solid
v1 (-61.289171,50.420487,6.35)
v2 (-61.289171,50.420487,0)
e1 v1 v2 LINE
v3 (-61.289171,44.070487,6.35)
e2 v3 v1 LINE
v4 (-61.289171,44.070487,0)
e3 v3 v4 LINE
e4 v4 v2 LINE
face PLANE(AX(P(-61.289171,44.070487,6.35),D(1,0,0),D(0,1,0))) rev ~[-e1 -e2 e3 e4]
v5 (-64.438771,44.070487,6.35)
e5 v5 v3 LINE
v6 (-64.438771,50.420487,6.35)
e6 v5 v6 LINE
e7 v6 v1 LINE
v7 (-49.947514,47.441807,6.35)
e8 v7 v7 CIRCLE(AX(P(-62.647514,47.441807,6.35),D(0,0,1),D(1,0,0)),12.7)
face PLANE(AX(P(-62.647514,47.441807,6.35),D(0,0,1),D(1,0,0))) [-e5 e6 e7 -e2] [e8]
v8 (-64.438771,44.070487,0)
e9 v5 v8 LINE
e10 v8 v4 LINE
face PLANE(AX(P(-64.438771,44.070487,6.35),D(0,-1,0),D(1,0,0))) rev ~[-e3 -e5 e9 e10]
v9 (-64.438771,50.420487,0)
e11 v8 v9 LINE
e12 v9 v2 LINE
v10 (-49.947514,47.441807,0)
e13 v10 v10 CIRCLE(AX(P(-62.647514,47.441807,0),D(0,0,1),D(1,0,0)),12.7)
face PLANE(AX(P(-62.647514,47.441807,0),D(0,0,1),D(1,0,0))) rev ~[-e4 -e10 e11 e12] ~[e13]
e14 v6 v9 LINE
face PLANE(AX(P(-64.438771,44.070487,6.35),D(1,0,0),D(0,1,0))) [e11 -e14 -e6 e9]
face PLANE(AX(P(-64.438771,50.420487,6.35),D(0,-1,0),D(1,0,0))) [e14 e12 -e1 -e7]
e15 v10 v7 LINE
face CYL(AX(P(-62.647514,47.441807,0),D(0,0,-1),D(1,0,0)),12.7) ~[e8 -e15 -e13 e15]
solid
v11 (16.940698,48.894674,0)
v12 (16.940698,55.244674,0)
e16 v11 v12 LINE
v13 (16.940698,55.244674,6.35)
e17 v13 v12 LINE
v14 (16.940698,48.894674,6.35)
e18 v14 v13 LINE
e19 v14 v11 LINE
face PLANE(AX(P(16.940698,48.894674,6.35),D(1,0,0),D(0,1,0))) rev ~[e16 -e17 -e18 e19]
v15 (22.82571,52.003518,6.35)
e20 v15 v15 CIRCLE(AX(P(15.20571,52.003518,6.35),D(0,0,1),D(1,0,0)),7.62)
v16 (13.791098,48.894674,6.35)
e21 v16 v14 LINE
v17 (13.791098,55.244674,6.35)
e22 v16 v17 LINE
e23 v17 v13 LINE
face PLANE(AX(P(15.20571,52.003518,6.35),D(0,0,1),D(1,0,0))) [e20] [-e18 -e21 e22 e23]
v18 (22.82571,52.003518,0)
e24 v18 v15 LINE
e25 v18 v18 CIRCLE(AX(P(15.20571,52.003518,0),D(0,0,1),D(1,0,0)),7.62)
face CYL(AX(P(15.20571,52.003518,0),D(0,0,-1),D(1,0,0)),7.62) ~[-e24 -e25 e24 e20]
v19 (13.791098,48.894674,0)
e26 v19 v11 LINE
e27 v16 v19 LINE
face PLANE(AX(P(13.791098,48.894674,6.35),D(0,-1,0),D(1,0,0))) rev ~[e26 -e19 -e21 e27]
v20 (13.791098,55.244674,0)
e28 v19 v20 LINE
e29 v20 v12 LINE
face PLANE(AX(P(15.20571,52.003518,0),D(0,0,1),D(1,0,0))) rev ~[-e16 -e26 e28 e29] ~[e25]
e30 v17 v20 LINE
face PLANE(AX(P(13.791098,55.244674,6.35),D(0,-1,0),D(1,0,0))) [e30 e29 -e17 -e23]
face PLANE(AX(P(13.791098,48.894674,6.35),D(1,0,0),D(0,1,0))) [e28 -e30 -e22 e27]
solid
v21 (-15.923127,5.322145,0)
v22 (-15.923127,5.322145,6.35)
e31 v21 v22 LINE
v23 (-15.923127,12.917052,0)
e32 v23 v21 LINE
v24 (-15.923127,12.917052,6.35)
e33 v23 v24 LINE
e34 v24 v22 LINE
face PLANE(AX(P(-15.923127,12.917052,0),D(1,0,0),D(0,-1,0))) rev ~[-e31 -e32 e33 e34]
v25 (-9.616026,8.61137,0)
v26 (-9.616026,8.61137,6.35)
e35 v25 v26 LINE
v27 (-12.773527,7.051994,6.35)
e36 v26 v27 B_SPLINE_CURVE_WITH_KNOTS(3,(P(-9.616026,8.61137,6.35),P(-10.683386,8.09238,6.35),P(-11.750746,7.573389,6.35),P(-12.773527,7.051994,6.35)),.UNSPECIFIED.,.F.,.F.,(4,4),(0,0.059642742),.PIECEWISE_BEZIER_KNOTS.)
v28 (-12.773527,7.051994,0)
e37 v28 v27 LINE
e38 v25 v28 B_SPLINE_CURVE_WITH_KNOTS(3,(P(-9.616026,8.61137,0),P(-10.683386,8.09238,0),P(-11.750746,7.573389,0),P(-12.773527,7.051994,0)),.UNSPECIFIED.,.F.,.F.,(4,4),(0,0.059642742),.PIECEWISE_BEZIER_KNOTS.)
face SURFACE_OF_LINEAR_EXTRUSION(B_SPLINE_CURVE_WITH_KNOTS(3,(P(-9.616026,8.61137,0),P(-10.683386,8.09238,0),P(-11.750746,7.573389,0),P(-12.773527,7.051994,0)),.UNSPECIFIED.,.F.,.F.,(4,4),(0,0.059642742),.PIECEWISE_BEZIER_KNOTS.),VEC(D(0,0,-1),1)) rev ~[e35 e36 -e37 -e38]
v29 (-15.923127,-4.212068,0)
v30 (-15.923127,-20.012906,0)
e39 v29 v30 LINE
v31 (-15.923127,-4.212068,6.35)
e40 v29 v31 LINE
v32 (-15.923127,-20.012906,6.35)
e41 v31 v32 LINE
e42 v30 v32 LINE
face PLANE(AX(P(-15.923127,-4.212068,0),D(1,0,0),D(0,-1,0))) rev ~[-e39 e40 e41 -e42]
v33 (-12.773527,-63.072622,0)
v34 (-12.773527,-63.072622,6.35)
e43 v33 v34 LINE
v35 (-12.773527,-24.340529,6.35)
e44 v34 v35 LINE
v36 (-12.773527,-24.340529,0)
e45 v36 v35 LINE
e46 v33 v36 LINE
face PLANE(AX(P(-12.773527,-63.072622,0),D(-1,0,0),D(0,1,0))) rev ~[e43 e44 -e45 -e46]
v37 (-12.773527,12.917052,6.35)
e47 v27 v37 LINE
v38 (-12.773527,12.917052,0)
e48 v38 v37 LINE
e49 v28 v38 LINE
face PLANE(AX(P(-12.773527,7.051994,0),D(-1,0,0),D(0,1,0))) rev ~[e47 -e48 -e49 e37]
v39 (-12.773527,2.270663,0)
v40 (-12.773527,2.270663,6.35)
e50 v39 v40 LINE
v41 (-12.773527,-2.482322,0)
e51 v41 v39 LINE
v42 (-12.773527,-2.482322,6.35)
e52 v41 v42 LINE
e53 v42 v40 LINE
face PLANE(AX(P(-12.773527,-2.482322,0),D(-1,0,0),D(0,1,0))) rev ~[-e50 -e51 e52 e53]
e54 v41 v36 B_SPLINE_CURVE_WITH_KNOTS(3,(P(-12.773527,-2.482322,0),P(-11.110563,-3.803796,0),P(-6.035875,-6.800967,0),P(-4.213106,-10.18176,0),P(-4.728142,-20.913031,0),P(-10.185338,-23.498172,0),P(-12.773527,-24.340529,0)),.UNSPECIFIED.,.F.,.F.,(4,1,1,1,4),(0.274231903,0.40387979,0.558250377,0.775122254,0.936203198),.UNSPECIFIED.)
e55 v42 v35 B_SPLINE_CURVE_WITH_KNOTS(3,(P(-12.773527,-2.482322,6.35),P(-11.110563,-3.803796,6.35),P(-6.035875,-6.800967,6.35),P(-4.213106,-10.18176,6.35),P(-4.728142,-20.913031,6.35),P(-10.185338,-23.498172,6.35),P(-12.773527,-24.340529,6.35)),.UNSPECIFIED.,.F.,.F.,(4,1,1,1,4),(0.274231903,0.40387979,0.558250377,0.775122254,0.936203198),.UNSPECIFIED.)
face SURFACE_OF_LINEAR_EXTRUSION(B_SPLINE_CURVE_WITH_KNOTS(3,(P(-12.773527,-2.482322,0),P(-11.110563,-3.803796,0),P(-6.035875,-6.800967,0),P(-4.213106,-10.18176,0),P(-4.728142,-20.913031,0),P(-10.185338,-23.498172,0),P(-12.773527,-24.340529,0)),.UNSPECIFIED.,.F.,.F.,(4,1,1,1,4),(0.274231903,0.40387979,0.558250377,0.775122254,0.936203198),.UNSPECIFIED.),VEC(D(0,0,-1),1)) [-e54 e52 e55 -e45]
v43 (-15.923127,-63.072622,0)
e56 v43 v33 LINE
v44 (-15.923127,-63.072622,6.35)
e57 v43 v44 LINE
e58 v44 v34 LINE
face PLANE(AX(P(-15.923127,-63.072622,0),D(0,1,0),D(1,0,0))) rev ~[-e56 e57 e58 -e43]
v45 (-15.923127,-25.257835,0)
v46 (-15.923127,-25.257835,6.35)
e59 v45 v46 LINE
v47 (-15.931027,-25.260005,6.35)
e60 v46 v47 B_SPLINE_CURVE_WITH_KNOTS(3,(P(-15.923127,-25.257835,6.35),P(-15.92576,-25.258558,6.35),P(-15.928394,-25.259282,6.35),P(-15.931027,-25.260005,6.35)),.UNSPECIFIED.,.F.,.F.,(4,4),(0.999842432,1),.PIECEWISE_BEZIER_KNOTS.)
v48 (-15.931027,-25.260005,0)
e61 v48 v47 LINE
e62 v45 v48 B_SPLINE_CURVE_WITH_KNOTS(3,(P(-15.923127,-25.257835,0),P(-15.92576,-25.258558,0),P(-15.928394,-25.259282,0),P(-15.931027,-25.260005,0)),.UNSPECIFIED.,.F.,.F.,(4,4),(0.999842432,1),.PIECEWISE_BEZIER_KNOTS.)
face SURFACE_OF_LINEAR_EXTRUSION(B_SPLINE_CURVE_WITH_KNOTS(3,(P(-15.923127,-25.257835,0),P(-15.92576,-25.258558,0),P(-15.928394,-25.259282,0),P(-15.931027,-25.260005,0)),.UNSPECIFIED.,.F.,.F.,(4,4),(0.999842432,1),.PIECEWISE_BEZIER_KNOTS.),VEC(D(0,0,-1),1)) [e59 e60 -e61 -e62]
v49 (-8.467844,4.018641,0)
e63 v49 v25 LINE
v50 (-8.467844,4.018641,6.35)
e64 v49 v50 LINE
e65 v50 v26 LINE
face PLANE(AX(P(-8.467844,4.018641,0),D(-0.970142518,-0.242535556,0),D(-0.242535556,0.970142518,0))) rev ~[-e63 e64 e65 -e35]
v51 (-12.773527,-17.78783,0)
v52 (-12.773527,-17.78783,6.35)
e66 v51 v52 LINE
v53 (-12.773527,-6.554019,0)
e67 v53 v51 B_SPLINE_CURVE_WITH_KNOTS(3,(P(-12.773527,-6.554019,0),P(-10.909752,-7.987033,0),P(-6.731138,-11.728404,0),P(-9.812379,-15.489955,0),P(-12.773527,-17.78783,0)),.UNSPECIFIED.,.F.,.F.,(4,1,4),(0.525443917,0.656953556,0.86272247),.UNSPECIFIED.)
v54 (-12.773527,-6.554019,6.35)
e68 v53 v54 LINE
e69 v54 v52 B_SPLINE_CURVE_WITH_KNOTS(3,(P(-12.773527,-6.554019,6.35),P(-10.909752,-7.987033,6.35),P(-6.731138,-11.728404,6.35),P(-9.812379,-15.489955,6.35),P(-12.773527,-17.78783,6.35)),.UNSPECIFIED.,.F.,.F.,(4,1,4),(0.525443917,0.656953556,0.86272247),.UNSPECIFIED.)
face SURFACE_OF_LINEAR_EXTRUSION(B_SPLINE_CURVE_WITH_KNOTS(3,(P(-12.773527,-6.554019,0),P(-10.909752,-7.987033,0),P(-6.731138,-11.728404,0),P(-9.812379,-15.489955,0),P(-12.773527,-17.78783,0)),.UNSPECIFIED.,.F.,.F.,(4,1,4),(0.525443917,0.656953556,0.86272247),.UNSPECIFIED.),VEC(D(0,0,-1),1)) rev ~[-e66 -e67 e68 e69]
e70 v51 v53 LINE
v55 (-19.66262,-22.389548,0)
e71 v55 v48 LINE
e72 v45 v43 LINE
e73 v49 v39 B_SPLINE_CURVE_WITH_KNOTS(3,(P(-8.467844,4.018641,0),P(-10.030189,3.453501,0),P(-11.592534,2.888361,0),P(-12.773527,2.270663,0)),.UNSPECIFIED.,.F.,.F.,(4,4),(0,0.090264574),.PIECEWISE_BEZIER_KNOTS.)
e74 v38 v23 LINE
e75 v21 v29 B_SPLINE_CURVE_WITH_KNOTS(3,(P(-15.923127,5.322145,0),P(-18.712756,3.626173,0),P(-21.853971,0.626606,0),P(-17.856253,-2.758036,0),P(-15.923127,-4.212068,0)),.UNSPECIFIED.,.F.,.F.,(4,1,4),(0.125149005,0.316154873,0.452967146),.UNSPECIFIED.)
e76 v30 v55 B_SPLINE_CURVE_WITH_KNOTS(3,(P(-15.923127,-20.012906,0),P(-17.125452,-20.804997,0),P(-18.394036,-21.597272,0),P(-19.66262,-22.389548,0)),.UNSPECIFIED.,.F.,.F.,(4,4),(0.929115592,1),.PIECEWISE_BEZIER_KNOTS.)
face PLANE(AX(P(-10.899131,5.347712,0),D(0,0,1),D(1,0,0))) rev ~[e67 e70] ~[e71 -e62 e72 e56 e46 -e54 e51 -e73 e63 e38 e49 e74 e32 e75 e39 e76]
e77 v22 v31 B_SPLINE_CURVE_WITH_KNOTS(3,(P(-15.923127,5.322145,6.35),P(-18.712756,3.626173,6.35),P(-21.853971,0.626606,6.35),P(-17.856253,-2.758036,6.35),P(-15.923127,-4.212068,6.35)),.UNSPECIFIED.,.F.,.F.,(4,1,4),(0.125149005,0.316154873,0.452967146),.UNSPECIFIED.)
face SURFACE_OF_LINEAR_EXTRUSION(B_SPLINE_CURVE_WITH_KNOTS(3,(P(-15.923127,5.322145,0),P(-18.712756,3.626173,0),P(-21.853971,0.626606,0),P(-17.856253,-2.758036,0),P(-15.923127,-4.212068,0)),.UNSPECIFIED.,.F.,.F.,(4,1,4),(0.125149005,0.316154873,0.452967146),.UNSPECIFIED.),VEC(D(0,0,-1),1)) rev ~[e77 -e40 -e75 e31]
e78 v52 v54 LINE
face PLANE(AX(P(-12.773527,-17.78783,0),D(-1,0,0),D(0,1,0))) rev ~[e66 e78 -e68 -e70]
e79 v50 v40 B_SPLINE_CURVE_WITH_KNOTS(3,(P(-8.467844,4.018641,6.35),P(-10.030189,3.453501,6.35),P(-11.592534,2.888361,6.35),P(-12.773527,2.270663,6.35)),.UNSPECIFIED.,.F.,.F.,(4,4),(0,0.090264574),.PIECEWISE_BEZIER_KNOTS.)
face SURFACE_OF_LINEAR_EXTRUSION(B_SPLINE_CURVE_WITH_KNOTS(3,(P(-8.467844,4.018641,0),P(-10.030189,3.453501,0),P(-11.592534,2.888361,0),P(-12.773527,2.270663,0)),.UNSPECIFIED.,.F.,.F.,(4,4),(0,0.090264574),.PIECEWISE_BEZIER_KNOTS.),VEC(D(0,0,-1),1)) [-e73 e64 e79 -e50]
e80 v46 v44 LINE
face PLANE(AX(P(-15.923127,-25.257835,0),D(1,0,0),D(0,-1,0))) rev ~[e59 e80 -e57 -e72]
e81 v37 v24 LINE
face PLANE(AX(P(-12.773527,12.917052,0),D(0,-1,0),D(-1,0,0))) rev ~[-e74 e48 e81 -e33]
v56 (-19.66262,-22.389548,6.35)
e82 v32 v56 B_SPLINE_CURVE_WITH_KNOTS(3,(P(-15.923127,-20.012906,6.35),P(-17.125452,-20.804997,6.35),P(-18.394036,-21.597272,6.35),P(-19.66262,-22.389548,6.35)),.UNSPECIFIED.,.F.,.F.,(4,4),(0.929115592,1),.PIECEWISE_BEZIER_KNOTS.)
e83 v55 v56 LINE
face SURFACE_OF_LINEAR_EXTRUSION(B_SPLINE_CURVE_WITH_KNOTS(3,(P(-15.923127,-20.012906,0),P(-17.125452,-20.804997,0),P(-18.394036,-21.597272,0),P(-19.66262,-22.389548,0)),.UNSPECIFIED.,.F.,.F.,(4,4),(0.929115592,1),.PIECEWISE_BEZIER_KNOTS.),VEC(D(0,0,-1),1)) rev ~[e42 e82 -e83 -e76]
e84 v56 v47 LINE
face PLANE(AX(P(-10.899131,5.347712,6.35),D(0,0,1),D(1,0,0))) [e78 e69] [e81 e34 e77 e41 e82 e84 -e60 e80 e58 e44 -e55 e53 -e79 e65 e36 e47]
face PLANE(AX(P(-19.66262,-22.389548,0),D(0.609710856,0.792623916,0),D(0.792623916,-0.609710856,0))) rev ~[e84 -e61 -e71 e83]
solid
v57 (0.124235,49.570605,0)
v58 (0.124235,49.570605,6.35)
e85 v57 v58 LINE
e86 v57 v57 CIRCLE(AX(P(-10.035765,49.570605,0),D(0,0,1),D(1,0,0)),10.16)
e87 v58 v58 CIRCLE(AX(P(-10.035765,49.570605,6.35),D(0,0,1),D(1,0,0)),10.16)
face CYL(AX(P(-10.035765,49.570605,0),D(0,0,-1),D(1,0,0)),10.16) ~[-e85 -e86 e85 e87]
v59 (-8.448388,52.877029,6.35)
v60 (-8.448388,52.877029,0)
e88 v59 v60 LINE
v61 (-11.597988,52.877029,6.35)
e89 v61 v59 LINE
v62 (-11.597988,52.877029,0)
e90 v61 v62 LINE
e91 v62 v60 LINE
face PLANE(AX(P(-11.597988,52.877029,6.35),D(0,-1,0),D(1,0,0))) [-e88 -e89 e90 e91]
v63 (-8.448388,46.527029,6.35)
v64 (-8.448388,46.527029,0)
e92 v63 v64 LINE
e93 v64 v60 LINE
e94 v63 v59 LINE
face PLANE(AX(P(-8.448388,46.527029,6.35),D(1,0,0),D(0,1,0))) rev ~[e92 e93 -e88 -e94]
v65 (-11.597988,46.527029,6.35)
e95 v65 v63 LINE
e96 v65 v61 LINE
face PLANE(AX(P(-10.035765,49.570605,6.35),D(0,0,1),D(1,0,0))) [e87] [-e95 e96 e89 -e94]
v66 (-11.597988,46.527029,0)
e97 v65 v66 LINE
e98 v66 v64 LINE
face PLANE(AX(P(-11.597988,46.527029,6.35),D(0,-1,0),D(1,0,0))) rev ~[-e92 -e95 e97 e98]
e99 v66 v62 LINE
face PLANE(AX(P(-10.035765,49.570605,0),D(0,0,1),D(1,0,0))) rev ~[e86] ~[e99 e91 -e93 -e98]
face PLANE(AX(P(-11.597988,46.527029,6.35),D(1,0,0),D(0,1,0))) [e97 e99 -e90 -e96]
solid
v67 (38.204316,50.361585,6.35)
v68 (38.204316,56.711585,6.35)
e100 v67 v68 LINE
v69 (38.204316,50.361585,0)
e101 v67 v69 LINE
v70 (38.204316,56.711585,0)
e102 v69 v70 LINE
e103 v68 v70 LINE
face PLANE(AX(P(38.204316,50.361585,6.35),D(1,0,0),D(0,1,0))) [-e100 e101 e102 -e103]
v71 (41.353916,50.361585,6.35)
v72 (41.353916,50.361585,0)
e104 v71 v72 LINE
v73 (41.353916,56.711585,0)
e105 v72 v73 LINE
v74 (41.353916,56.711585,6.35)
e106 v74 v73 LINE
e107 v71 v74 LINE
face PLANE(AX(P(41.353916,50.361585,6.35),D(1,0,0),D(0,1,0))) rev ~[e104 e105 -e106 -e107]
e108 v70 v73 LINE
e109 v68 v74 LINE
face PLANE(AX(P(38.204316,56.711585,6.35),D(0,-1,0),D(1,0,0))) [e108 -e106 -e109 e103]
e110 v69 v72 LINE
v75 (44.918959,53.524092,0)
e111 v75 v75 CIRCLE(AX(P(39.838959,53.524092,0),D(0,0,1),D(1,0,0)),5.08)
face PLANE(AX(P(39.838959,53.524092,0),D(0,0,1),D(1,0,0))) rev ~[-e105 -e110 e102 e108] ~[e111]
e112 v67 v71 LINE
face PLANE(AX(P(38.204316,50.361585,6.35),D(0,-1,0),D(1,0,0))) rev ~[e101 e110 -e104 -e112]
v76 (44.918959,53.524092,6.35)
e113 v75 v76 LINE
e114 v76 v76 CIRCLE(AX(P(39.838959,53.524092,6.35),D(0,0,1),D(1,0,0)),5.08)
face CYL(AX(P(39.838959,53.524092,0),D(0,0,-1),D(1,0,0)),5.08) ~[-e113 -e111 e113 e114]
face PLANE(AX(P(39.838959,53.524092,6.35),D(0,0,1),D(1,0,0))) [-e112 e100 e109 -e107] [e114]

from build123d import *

# Parameters (mm, degrees)
F0_R     = 12.7
F1_DEPTH = 6.35
F0_R_2   = 10.16
F0_R_3   = 7.62
F0_R_4   = 5.08
F3_DEPTH = 6.35
F6_W     = 3.1496
F6_H     = 6.35
F5_W     = 3.1496
F5_H     = 6.35
F4_W     = 3.1496
F4_H     = 6.35
F8_DEPTH = 25.4
F7_W     = 3.1496
F7_H     = 6.35
F9_DEPTH = 6.35


with BuildPart() as f1:
    # F0 (on Top) → F1 (new body)
    with BuildSketch(Plane.XY):
        with Locations((-62.6475140452, 47.4418066442)):
            Circle(F0_R)
    extrude(amount=F1_DEPTH)

    # F7 (on face) → F9 (cut)
    with BuildSketch(Plane.XY.offset(6.35)):
        with Locations((-62.8639711767, 47.2454865665)):
            Rectangle(F7_W, F7_H)
    extrude(amount=-F9_DEPTH, mode=Mode.SUBTRACT)


with BuildPart() as f1b:
    # F0 (on Top) → F1, piece 2 (new body)
    with BuildSketch(Plane.XY):
        with Locations((-10.0357653573, 49.5706051588)):
            Circle(F0_R_2)
    extrude(amount=F1_DEPTH)


with BuildPart() as f1c:
    # F0 (on Top) → F1, piece 3 (new body)
    with BuildSketch(Plane.XY):
        with Locations((15.205710195, 52.0035177469)):
            Circle(F0_R_3)
    extrude(amount=F1_DEPTH)


with BuildPart() as f1d:
    # F0 (on Top) → F1, piece 4 (new body)
    with BuildSketch(Plane.XY):
        with Locations((39.8389585316, 53.5240918398)):
            Circle(F0_R_4)
    extrude(amount=F1_DEPTH)


with BuildPart() as f3:
    # F2 (on Top) → F3 (new body)
    with BuildSketch(Plane.XY):
        with BuildLine():
            Line((-8.4678437561, 4.0186406113), (-9.6160257235, 8.6113698781))
            add(Edge.make_bspline(
                [(-9.6160257235, 8.6113698781), (-10.6833861015, 8.0923795797), (-11.7507464795, 7.5733892813), (-12.7735268325, 7.0519943274)],
                knots=[0, 0, 0, 0, 0.0596427417, 0.0596427417, 0.0596427417, 0.0596427417], degree=3))
            Line((-12.7735268325, 7.0519943274), (-12.7735268325, 2.2706629447))
            add(Edge.make_bspline(
                [(-8.4678437561, 4.0186406113), (-10.0301890443, 3.4535009748), (-11.5925343326, 2.8883613382), (-12.7735268325, 2.2706629447)],
                knots=[0, 0, 0, 0, 0.0902645739, 0.0902645739, 0.0902645739, 0.0902645739], degree=3))
        make_face()
        with BuildLine():
            Line((-12.7735268325, 2.2706629447), (-12.7735268325, 7.0519943274))
            add(Edge.make_bspline(
                [(-12.7735268325, 7.0519943274), (-13.8968574684, 6.4793406551), (-14.9664118237, 5.9037862795), (-15.9231268325, 5.322145327)],
                knots=[0.0596427417, 0.0596427417, 0.0596427417, 0.0596427417, 0.1251490049, 0.1251490049, 0.1251490049, 0.1251490049], degree=3))
            Line((-15.9231268325, 5.322145327), (-15.9231268325, -4.2120677647))
            add(Edge.make_bspline(
                [(-15.9231268325, -4.2120677647), (-14.8990467489, -4.9823459072), (-13.8006787573, -5.7642644238), (-12.7735268325, -6.5540185516)],
                knots=[0.4529671461, 0.4529671461, 0.4529671461, 0.4529671461, 0.5254439167, 0.5254439167, 0.5254439167, 0.5254439167], degree=3))
            Line((-12.7735268325, -6.5540185516), (-12.7735268325, -2.4823222257))
            add(Edge.make_bspline(
                [(-12.7735268325, 2.2706629447), (-14.0585239476, 1.5985666749), (-15.6198144692, 0.2230887267), (-13.8734685755, -1.6082538799), (-12.7735268325, -2.4823222257)],
                knots=[0.0902645739, 0.0902645739, 0.0902645739, 0.0902645739, 0.1884783365, 0.2742319031, 0.2742319031, 0.2742319031, 0.2742319031], degree=3))
        make_face()
        with BuildLine():
            add(Edge.make_bspline(
                [(-12.7735268325, 7.0519943274), (-13.8968574684, 6.4793406551), (-14.9664118237, 5.9037862795), (-15.9231268325, 5.322145327)],
                knots=[0.0596427417, 0.0596427417, 0.0596427417, 0.0596427417, 0.1251490049, 0.1251490049, 0.1251490049, 0.1251490049], degree=3))
            Line((-12.7735268325, 7.0519943274), (-12.7735268325, 12.9170520231))
            Line((-12.7735268325, 12.9170520231), (-15.9231268325, 12.9170520231))
            Line((-15.9231268325, 12.9170520231), (-15.9231268325, 5.322145327))
        make_face()
        with BuildLine():
            Line((-15.9231268325, -4.2120677647), (-15.9231268325, 5.322145327))
            add(Edge.make_bspline(
                [(-15.9231268325, 5.322145327), (-18.7127559793, 3.6261726085), (-21.8539712965, 0.626605904), (-17.8562527538, -2.7580363192), (-15.9231268325, -4.2120677647)],
                knots=[0.1251490049, 0.1251490049, 0.1251490049, 0.1251490049, 0.3161548732, 0.4529671461, 0.4529671461, 0.4529671461, 0.4529671461], degree=3))
        make_face()
        with BuildLine():
            Line((-12.7735268325, -2.4823222257), (-12.7735268325, 2.2706629447))
            add(Edge.make_bspline(
                [(-12.7735268325, 2.2706629447), (-14.0585239476, 1.5985666749), (-15.6198144692, 0.2230887267), (-13.8734685755, -1.6082538799), (-12.7735268325, -2.4823222257)],
                knots=[0.0902645739, 0.0902645739, 0.0902645739, 0.0902645739, 0.1884783365, 0.2742319031, 0.2742319031, 0.2742319031, 0.2742319031], degree=3))
        make_face()
        with BuildLine():
            add(Edge.make_bspline(
                [(-15.9231268325, -4.2120677647), (-14.8990467489, -4.9823459072), (-13.8006787573, -5.7642644238), (-12.7735268325, -6.5540185516)],
                knots=[0.4529671461, 0.4529671461, 0.4529671461, 0.4529671461, 0.5254439167, 0.5254439167, 0.5254439167, 0.5254439167], degree=3))
            Line((-15.9231268325, -4.2120677647), (-15.9231268325, -20.0129056802))
            add(Edge.make_bspline(
                [(-12.7735268325, -17.7878302714), (-13.7289668672, -18.5292595993), (-14.7969822386, -19.2710018497), (-15.9231268325, -20.0129056802)],
                knots=[0.8627224699, 0.8627224699, 0.8627224699, 0.8627224699, 0.9291155922, 0.9291155922, 0.9291155922, 0.9291155922], degree=3))
            Line((-12.7735268325, -17.7878302714), (-12.7735268325, -6.5540185516))
        make_face()
        with BuildLine():
            add(Edge.make_bspline(
                [(-12.7735268325, -2.4823222257), (-11.1105625055, -3.8037962834), (-6.0358747691, -6.8009672669), (-4.2131061277, -10.181759533), (-4.7281423763, -20.9130313984), (-10.1853378038, -23.4981717336), (-12.7735268325, -24.3405292915)],
                knots=[0.2742319031, 0.2742319031, 0.2742319031, 0.2742319031, 0.4038797896, 0.5582503774, 0.7751222544, 0.9362031982, 0.9362031982, 0.9362031982, 0.9362031982], degree=3))
            Line((-12.7735268325, -2.4823222257), (-12.7735268325, -6.5540185516))
            add(Edge.make_bspline(
                [(-12.7735268325, -6.5540185516), (-10.9097520325, -7.9870332847), (-6.7311376186, -11.7284041807), (-9.8123788727, -15.4899550915), (-12.7735268325, -17.7878302714)],
                knots=[0.5254439167, 0.5254439167, 0.5254439167, 0.5254439167, 0.6569535555, 0.8627224699, 0.8627224699, 0.8627224699, 0.8627224699], degree=3))
            Line((-12.7735268325, -17.7878302714), (-12.7735268325, -24.3405292915))
        make_face()
        with BuildLine():
            Line((-15.9231268325, -25.2578346846), (-15.9231268325, -20.0129056802))
            add(Edge.make_bspline(
                [(-15.9231268325, -20.0129056802), (-17.1254515585, -20.8049969664), (-18.3940360291, -21.5972724329), (-19.6626204997, -22.3895478994)],
                knots=[0.9291155922, 0.9291155922, 0.9291155922, 0.9291155922, 1, 1, 1, 1], degree=3))
            Line((-19.6626204997, -22.3895478994), (-15.9310270101, -25.2600051463))
            add(Edge.make_bspline(
                [(-15.9231268325, -25.2578346846), (-15.9257602246, -25.2585581722), (-15.9283936173, -25.2592816593), (-15.9310270101, -25.2600051463)],
                knots=[0.9998424319, 0.9998424319, 0.9998424319, 0.9998424319, 1, 1, 1, 1], degree=3))
        make_face()
        with BuildLine():
            add(Edge.make_bspline(
                [(-12.7735268325, -17.7878302714), (-13.7289668672, -18.5292595993), (-14.7969822386, -19.2710018497), (-15.9231268325, -20.0129056802)],
                knots=[0.8627224699, 0.8627224699, 0.8627224699, 0.8627224699, 0.9291155922, 0.9291155922, 0.9291155922, 0.9291155922], degree=3))
            Line((-15.9231268325, -20.0129056802), (-15.9231268325, -25.2578346846))
            add(Edge.make_bspline(
                [(-12.7735268325, -24.3405292915), (-13.7960585026, -24.6733246441), (-14.8595420951, -24.9656296668), (-15.9231268325, -25.2578346846)],
                knots=[0.9362031982, 0.9362031982, 0.9362031982, 0.9362031982, 0.9998424319, 0.9998424319, 0.9998424319, 0.9998424319], degree=3))
            Line((-12.7735268325, -24.3405292915), (-12.7735268325, -17.7878302714))
        make_face()
        with BuildLine():
            Line((-12.7735268325, -37.6726218224), (-12.7735268325, -24.3405292915))
            add(Edge.make_bspline(
                [(-12.7735268325, -24.3405292915), (-13.7960585026, -24.6733246441), (-14.8595420951, -24.9656296668), (-15.9231268325, -25.2578346846)],
                knots=[0.9362031982, 0.9362031982, 0.9362031982, 0.9362031982, 0.9998424319, 0.9998424319, 0.9998424319, 0.9998424319], degree=3))
            Line((-15.9231268325, -25.2578346846), (-15.9231268325, -63.0726218224))
            Line((-15.9231268325, -63.0726218224), (-12.7735268325, -63.0726218224))
            Line((-12.7735268325, -63.0726218224), (-12.7735268325, -37.6726218224))
        make_face()
    extrude(amount=F3_DEPTH)


with BuildPart() as f8_tool:
    # F6 (on face) + F5 (on face) + F4 (on face) → F8 (new body)
    with BuildSketch(Plane.XY.offset(6.35)):
        with Locations((-10.0231879159, 49.702028671)):
            Rectangle(F6_W, F6_H)
    with BuildSketch(Plane.XY.offset(6.35)):
        with Locations((15.3658976079, 52.0696741731)):
            Rectangle(F5_W, F5_H)
    with BuildSketch(Plane.XY.offset(6.35)):
        with Locations((39.7791160498, 53.5365851676)):
            Rectangle(F4_W, F4_H)
    extrude(amount=-F8_DEPTH)


with BuildPart() as f1b_1:
    add(f1b.part)

    # F8: cut by f8_tool
    add(f8_tool.part, mode=Mode.SUBTRACT)


with BuildPart() as f1c_1:
    add(f1c.part)

    # F8: cut by f8_tool
    add(f8_tool.part, mode=Mode.SUBTRACT)


with BuildPart() as f1d_1:
    add(f1d.part)

    # F8: cut by f8_tool
    add(f8_tool.part, mode=Mode.SUBTRACT)


solid = Compound([f1.part, f3.part, f1b_1.part, f1c_1.part, f1d_1.part])
